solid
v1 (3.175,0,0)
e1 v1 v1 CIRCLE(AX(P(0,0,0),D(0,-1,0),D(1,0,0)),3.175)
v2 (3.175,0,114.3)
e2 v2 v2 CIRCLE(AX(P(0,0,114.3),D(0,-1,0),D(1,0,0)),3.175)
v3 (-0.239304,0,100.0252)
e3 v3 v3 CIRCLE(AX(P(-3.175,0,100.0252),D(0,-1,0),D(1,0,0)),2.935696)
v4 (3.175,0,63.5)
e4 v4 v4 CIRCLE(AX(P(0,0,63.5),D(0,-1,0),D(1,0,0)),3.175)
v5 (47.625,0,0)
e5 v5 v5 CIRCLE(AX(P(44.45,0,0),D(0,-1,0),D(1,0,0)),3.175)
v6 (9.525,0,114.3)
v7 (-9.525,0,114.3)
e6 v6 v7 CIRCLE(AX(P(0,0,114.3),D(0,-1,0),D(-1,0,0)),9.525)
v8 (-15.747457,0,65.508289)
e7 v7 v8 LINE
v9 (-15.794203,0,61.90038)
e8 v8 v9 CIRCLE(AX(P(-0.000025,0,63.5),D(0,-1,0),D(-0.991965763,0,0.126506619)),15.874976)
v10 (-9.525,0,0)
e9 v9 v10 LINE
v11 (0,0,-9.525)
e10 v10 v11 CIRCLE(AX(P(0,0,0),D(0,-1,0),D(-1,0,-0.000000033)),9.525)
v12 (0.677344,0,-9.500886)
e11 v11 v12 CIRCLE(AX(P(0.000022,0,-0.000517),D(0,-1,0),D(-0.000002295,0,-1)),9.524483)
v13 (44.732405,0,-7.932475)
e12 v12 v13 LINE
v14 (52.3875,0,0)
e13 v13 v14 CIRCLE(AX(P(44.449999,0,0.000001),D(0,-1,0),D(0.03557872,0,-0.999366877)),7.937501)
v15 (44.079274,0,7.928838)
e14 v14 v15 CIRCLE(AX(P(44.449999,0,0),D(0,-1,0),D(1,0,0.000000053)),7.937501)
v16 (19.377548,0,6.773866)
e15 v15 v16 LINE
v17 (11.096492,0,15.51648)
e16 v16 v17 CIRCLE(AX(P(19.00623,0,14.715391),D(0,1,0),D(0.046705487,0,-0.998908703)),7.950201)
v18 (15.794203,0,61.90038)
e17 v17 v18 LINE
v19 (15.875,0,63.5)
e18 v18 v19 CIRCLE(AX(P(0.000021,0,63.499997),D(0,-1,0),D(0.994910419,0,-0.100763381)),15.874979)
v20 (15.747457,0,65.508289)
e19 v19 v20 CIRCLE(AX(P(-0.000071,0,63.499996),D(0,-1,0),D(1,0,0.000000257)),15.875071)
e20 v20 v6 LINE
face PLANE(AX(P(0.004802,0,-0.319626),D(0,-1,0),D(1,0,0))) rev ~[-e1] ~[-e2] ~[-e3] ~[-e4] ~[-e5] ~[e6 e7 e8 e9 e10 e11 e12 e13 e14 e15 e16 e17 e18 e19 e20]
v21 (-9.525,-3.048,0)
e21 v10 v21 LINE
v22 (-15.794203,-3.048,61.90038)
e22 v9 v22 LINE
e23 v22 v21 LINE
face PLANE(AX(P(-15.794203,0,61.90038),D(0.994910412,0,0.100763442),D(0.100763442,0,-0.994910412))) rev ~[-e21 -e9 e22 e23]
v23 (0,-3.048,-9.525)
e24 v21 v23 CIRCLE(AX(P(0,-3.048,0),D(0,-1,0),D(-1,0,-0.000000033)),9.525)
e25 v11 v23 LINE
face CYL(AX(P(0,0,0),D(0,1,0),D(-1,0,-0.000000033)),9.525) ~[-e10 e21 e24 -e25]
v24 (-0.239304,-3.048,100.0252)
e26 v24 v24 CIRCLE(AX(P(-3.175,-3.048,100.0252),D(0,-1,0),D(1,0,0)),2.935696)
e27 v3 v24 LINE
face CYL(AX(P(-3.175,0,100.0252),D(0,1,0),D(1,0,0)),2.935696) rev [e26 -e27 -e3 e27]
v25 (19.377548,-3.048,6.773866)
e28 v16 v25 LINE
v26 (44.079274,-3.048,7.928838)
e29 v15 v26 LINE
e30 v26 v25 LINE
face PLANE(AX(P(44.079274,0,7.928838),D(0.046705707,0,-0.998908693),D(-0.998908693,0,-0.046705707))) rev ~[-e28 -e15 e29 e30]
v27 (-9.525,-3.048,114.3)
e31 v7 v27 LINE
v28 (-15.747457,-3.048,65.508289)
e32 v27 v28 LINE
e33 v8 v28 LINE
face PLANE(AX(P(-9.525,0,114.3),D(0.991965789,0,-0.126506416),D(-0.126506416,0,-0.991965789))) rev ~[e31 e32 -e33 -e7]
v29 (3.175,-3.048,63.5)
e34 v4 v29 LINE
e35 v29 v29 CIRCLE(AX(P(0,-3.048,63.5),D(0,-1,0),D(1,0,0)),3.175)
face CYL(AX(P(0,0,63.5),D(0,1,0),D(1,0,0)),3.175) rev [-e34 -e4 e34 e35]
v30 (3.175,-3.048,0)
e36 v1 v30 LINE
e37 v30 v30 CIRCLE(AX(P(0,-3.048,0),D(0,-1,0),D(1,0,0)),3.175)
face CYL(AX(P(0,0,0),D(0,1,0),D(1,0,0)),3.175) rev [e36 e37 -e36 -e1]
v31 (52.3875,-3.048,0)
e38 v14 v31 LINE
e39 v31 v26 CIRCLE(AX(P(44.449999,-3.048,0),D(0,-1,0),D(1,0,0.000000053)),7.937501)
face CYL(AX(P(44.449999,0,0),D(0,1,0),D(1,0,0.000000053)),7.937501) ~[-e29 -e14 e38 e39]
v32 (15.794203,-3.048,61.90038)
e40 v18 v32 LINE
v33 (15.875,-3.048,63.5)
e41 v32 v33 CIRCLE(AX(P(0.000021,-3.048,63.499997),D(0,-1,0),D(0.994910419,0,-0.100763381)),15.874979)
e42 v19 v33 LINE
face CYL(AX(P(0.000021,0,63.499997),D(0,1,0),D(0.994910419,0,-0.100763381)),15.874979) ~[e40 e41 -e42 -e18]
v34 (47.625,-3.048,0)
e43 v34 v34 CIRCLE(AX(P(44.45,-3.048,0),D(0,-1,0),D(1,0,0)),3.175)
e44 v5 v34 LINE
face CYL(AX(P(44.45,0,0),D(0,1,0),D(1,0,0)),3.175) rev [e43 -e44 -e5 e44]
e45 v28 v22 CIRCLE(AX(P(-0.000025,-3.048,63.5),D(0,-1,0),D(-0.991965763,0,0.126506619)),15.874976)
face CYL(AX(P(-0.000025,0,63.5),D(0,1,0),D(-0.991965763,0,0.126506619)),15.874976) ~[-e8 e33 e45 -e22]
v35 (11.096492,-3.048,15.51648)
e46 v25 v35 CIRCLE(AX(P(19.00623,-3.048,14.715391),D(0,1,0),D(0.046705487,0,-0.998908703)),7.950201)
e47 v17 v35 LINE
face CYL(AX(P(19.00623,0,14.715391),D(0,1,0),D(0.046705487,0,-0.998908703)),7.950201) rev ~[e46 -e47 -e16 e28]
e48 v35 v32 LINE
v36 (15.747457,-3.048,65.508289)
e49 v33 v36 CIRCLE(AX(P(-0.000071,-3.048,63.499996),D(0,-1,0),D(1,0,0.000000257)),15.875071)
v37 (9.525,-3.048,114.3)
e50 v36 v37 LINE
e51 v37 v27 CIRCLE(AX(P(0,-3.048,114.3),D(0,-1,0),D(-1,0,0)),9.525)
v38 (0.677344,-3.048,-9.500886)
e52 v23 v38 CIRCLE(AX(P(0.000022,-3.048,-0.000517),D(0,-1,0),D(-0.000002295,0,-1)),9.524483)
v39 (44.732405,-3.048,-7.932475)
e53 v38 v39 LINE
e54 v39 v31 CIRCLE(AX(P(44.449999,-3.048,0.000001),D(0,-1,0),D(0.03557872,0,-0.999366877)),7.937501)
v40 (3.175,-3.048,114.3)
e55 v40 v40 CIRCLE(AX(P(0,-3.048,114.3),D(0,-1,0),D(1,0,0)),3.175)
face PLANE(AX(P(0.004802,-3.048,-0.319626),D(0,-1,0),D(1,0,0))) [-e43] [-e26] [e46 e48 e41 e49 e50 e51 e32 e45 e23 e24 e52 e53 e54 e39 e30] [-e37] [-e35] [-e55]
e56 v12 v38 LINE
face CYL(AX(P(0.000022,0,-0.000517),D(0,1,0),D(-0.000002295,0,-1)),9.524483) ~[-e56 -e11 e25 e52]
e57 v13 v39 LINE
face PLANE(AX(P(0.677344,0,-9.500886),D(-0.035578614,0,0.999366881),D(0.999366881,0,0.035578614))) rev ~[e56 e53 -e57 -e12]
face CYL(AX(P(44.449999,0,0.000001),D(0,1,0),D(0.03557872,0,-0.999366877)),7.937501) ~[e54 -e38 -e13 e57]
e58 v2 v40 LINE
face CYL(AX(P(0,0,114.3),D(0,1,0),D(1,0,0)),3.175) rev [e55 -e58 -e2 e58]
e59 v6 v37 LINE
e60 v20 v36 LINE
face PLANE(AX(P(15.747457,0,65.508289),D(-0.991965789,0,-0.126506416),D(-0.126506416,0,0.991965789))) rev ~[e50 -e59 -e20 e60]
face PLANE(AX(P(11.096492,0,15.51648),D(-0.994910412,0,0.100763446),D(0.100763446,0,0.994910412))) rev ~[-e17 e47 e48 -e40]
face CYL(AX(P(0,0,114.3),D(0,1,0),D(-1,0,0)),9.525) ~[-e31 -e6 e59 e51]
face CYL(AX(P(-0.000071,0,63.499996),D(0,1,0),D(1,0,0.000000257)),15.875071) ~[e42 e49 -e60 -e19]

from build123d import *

# Parameters (mm, degrees)
F0_R     = 3.175
F0_R_2   = 2.935696
F1_DEPTH = 3.048


with BuildPart() as f1:
    # F0 (on Front) → F1 (new body)
    with BuildSketch(Plane.XZ):
        with BuildLine():
            ThreePointArc((0.677344, -9.500886), (6.970557, -6.491299), (9.525, 0))
            ThreePointArc((9.525, 0), (0, 9.525), (-9.525, 0))
            ThreePointArc((-9.525, 0), (-6.735192, -6.735192), (0, -9.525))
            Line((0, -9.525), (0.677344, -9.500886))
        make_face()
        Circle(F0_R, mode=Mode.SUBTRACT)
        with BuildLine():
            ThreePointArc((-9.525, 0), (0, 9.525), (9.525, 0))
            ThreePointArc((9.525, 0), (6.970557, -6.491299), (0.677344, -9.500886))
            Line((0.677344, -9.500886), (44.732405, -7.932475))
            ThreePointArc((44.732405, -7.932475), (36.519221, -0.326571), (44.079274, 7.928838))
            Line((44.079274, 7.928838), (19.377548, 6.773866))
            ThreePointArc((19.377548, 6.773866), (13.234292, 9.248177), (11.096492, 15.51648))
            Line((11.096492, 15.51648), (15.794203, 61.90038))
            ThreePointArc((15.794203, 61.90038), (0, 47.625), (-15.794203, 61.90038))
            Line((-15.794203, 61.90038), (-9.525, 0))
        make_face()
        with BuildLine():
            ThreePointArc((0, -9.525), (0.338886, -9.51897), (0.677344, -9.500886))
            Line((0.677344, -9.500886), (0, -9.525))
        make_face()
        with BuildLine():
            ThreePointArc((-15.747457, 65.508289), (-15.873668, 63.705667), (-15.794203, 61.90038))
            ThreePointArc((-15.794203, 61.90038), (0, 47.625), (15.794203, 61.90038))
            ThreePointArc((15.794203, 61.90038), (15.854788, 62.699171), (15.875, 63.5))
            ThreePointArc((15.875, 63.5), (15.843082, 64.506168), (15.747457, 65.508289))
            ThreePointArc((15.747457, 65.508289), (0, 79.375), (-15.747457, 65.508289))
        make_face()
        with Locations((0, 63.5)):
            Circle(F0_R, mode=Mode.SUBTRACT)
        with BuildLine():
            ThreePointArc((44.079274, 7.928838), (36.519221, -0.326571), (44.732405, -7.932475))
            ThreePointArc((44.732405, -7.932475), (50.161633, -5.51191), (52.3875, 0))
            ThreePointArc((52.3875, 0), (49.930021, 5.742236), (44.079274, 7.928838))
        make_face()
        with Locations((44.45, 0)):
            Circle(F0_R, mode=Mode.SUBTRACT)
        with BuildLine():
            Line((-9.525, 114.3), (-15.747457, 65.508289))
            ThreePointArc((-15.747457, 65.508289), (0, 79.375), (15.747457, 65.508289))
            Line((15.747457, 65.508289), (9.525, 114.3))
            ThreePointArc((9.525, 114.3), (0, 104.775), (-9.525, 114.3))
        make_face()
        with Locations((-3.175, 100.0252)):
            Circle(F0_R_2, mode=Mode.SUBTRACT)
        with BuildLine():
            ThreePointArc((9.525, 114.3), (0, 123.825), (-9.525, 114.3))
            ThreePointArc((-9.525, 114.3), (0, 104.775), (9.525, 114.3))
        make_face()
        with Locations((0, 114.3)):
            Circle(F0_R, mode=Mode.SUBTRACT)
    extrude(amount=F1_DEPTH)


solid = f1.part
